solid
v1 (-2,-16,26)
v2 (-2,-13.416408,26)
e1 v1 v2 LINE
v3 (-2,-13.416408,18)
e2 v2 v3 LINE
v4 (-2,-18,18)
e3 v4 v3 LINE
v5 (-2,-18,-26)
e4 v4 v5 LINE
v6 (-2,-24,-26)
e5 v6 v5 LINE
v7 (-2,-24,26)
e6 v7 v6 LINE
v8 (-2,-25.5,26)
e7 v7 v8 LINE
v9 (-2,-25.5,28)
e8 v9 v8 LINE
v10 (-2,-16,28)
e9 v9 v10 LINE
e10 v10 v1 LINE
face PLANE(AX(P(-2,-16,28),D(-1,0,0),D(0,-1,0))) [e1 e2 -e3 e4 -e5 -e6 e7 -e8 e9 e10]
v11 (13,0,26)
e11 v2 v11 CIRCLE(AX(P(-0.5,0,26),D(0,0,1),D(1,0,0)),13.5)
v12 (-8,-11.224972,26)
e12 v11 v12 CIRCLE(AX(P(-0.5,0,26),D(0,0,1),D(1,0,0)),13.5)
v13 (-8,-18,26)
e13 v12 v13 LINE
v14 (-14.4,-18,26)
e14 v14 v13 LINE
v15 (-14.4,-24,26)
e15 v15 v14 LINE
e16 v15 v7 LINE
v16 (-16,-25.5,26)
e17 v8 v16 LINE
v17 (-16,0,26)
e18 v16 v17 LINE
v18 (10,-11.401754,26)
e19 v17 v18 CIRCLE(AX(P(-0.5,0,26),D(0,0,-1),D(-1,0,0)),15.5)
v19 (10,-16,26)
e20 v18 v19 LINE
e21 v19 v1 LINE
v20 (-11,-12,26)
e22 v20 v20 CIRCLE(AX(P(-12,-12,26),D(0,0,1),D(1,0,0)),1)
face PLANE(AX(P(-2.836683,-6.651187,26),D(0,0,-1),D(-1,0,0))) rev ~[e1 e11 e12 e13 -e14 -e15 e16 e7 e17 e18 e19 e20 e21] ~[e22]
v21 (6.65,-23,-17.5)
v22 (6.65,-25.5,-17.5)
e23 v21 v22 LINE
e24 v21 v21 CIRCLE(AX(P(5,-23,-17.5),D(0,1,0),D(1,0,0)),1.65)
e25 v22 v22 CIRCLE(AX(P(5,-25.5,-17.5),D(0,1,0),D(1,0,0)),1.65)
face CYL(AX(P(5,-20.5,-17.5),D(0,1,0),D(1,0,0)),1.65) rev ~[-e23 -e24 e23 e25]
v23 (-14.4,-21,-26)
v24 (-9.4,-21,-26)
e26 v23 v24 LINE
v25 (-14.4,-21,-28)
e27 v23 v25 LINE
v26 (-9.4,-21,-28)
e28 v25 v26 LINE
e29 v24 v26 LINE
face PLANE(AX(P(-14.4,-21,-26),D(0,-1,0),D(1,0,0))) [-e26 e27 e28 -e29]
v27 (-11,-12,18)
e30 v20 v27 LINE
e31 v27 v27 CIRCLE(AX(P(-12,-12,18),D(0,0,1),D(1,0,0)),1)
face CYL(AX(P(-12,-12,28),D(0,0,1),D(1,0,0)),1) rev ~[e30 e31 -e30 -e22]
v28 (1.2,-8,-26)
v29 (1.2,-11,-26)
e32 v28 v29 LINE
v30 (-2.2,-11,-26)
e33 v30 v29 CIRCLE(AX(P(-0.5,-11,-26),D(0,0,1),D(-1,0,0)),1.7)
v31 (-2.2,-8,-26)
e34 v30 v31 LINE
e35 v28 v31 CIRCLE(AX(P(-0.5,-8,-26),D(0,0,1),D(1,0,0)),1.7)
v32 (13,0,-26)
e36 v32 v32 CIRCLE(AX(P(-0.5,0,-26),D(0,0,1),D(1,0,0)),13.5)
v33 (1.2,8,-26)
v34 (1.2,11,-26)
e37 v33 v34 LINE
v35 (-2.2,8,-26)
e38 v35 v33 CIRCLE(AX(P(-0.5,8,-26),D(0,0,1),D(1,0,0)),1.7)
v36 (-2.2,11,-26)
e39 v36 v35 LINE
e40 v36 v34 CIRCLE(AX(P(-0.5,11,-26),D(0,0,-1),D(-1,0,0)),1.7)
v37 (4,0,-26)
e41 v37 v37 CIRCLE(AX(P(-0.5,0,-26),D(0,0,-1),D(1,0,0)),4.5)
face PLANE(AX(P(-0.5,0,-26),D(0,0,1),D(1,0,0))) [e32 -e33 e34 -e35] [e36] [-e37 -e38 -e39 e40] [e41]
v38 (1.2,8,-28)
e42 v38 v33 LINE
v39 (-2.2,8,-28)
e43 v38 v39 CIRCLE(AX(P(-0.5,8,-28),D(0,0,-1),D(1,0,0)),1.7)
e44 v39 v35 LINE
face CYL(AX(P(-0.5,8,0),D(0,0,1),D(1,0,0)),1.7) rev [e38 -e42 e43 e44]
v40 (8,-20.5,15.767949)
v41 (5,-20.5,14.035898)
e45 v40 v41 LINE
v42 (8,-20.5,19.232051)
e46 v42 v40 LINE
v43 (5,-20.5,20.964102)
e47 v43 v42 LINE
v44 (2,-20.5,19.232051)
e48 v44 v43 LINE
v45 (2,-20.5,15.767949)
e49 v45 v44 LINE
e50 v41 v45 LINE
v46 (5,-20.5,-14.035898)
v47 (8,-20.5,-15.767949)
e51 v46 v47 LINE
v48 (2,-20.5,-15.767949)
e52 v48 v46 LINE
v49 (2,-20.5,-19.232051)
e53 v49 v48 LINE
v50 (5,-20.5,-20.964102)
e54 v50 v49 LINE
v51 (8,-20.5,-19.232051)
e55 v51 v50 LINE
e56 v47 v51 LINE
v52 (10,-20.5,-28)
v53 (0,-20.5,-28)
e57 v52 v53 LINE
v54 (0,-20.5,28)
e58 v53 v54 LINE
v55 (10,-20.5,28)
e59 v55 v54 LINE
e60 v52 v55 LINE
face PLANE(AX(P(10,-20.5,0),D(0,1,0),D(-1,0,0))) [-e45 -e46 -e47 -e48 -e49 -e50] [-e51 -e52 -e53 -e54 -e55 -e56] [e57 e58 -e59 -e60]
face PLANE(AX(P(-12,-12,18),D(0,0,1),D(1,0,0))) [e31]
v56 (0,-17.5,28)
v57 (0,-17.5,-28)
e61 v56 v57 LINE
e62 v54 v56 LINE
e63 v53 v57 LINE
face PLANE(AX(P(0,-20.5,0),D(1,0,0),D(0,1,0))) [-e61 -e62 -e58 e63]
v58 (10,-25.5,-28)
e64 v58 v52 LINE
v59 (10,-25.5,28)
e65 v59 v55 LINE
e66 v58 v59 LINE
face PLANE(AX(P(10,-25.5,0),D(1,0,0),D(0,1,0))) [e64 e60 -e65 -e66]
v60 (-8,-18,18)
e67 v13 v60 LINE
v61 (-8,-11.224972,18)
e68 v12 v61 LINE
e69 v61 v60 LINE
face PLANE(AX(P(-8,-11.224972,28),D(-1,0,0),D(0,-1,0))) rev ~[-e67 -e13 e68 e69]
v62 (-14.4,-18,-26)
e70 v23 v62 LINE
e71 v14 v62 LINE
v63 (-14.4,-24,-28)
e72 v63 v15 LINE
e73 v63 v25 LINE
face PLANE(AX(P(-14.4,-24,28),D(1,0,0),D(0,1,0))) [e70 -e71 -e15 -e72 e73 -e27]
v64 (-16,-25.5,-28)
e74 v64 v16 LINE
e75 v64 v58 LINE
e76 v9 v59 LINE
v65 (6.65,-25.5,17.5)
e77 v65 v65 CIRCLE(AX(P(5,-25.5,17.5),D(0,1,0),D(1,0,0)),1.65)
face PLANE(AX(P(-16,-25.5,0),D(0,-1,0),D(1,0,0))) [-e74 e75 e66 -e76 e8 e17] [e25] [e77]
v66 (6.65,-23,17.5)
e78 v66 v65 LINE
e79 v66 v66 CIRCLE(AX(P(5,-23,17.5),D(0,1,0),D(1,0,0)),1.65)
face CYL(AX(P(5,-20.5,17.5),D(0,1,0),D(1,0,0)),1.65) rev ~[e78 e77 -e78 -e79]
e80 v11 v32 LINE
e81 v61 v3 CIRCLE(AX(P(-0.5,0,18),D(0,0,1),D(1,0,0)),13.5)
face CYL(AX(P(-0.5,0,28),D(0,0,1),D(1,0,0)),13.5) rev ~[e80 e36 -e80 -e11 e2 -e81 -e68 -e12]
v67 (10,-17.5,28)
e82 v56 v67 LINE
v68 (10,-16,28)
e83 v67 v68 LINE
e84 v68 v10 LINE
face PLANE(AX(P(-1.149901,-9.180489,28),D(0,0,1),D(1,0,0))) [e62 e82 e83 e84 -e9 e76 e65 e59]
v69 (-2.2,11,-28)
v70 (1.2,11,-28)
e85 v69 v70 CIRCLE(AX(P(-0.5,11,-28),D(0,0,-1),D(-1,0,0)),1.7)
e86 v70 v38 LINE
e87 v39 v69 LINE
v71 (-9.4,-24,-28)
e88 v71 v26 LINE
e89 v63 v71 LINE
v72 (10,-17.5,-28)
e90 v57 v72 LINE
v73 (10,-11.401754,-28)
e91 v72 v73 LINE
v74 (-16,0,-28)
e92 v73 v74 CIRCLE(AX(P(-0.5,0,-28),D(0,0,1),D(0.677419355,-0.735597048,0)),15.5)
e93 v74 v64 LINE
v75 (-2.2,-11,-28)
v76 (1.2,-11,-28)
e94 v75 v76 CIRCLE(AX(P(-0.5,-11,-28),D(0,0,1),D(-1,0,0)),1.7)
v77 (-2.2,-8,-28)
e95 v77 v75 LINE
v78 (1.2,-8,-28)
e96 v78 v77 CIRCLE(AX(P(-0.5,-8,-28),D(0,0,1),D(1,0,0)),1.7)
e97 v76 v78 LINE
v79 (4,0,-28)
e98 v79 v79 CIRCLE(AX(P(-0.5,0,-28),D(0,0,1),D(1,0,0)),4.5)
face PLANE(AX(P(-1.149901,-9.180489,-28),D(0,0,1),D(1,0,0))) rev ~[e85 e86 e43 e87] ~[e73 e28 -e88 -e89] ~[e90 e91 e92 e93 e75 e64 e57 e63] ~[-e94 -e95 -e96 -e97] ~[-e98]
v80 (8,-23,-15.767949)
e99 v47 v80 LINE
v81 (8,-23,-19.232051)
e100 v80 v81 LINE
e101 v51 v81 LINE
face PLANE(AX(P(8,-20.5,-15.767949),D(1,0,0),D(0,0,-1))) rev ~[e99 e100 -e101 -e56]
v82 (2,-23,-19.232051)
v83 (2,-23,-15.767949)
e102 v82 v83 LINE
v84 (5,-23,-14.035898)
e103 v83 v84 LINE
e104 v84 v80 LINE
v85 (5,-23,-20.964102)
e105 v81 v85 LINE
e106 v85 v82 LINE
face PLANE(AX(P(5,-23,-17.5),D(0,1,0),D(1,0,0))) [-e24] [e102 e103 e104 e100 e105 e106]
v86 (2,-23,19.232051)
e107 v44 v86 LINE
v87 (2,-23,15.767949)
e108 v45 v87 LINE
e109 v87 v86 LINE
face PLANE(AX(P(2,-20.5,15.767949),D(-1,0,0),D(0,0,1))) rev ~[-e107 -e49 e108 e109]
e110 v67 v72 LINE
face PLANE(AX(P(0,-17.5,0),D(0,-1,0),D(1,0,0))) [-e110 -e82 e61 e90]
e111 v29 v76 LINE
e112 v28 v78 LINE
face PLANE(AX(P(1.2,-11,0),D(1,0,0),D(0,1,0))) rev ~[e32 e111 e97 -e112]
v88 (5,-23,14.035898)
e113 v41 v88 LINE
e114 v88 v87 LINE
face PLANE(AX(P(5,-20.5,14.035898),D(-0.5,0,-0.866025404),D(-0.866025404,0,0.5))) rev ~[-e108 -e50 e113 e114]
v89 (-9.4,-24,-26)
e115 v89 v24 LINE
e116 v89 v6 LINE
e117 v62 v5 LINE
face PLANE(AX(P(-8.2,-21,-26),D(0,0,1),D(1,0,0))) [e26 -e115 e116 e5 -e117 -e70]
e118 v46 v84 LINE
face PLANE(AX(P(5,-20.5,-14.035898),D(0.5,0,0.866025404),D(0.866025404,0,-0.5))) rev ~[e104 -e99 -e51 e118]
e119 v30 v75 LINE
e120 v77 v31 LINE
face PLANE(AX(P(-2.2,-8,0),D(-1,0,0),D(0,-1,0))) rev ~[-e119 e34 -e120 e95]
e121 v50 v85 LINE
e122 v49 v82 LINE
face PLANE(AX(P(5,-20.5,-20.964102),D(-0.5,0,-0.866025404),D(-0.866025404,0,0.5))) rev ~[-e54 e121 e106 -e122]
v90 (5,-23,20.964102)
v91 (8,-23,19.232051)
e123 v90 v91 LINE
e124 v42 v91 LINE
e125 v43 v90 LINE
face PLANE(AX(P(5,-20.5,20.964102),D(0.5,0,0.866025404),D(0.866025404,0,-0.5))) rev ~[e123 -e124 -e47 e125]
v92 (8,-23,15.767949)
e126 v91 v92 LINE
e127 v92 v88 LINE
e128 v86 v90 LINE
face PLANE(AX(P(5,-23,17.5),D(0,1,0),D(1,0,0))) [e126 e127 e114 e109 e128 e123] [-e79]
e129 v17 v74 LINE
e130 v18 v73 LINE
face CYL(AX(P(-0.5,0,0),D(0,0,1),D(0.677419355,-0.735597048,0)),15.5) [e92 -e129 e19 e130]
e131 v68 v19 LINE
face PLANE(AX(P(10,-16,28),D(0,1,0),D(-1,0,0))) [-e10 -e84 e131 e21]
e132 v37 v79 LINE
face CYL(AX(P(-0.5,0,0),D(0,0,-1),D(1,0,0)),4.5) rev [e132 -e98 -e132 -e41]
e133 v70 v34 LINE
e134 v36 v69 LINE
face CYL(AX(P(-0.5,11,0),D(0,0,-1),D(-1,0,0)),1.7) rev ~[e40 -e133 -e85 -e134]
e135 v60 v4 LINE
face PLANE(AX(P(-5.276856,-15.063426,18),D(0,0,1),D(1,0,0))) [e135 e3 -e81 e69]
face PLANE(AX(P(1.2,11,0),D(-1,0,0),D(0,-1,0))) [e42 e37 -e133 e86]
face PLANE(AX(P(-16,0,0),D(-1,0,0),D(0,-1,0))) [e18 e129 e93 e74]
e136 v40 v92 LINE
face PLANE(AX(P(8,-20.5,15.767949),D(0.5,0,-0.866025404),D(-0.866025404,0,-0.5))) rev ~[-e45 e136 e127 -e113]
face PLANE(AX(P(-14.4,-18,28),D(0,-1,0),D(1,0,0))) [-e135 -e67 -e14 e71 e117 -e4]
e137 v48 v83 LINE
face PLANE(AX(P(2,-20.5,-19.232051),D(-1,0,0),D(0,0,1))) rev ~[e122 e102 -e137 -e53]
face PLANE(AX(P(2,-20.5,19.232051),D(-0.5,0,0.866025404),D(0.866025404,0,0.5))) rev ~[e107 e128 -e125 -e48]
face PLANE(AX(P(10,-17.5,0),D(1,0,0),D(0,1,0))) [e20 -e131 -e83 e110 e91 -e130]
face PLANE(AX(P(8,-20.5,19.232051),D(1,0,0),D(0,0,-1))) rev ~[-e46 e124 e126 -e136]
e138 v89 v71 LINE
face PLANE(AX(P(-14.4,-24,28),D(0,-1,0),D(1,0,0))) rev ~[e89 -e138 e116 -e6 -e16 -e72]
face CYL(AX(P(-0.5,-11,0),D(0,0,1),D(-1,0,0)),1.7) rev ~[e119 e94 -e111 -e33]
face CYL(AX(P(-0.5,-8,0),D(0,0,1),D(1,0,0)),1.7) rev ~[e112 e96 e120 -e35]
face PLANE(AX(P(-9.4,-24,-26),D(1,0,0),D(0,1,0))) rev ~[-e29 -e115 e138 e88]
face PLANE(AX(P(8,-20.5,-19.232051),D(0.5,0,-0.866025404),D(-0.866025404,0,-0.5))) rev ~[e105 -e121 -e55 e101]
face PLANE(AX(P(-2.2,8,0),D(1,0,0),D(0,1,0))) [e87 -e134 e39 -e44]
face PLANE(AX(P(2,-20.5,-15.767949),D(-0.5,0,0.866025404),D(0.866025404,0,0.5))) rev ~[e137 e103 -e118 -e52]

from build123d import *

# Parameters (mm, degrees)
ESBO_O1_R                = 4.5
RESSALTO_EXTRUS_O1_DEPTH = 28
CORTE_EXTRUS_O5_START    = 28
ESBO_O1_3_R              = 13.5
ESBO_O1_3_W              = 12.4
ESBO_O1_3_H              = 6
CORTE_EXTRUS_O5_DEPTH    = 54
ESBO_O3_R                = 1
CORTE_EXTRUS_O3_DEPTH    = 10
CORTE_EXTRUS_O4_DEPTH    = 2
ESBO_O5_R                = 1.65
CORTE_EXTRUS_O6_DEPTH    = 2.5
ESBO_O5_2_R              = 1.65
CORTE_EXTRUS_O7_DEPTH    = 6
ESBO_O6_W                = 5
ESBO_O6_H                = 3
CORTE_EXTRUS_O8_DEPTH    = 3


with BuildPart() as part:
    # Esboço1 → Ressalto-extrusão1 (new body, symmetric)
    with BuildSketch(Plane.XY):
        with BuildLine():
            Line((-16, 0), (-16, -25.5))
            Line((-16, -25.5), (10, -25.5))
            Line((10, -25.5), (10, -20.5))
            Line((10, -20.5), (0, -20.5))
            Line((0, -20.5), (0, -17.5))
            Line((0, -17.5), (10, -17.5))
            Line((10, -17.5), (10, -11.401754251))
            ThreePointArc((10, -11.401754251), (5.724949799, 14.195069567), (-16, 0))
        make_face()
        with Locations((-0.5, 0)):
            Circle(ESBO_O1_R, mode=Mode.SUBTRACT)
        with BuildLine():
            Line((-2.2, 8), (-2.2, 11))
            ThreePointArc((-2.2, 11), (-0.5, 12.7), (1.2, 11))
            Line((1.2, 11), (1.2, 8))
            ThreePointArc((1.2, 8), (-0.5, 6.3), (-2.2, 8))
        make_face(mode=Mode.SUBTRACT)
        with BuildLine():
            Line((-2.2, -8), (-2.2, -11))
            ThreePointArc((-2.2, -11), (-0.5, -12.7), (1.2, -11))
            Line((1.2, -11), (1.2, -8))
            ThreePointArc((1.2, -8), (-0.5, -6.3), (-2.2, -8))
        make_face(mode=Mode.SUBTRACT)
    extrude(amount=RESSALTO_EXTRUS_O1_DEPTH, both=True)

    # Esboço1<3> → Corte-extrusão5 (cut)
    with BuildSketch(Plane.XY.offset(CORTE_EXTRUS_O5_START)):
        with Locations((-0.5, 0)):
            Circle(ESBO_O1_3_R)
        with Locations((-8.2, -21)):
            Rectangle(ESBO_O1_3_W, ESBO_O1_3_H)
    extrude(amount=-CORTE_EXTRUS_O5_DEPTH, mode=Mode.SUBTRACT)

    # Esboço3 → Corte-extrusão3 (cut)
    with BuildSketch(Plane.XY.offset(28)):
        with Locations((-12, -12)):
            Circle(ESBO_O3_R)
        Polygon((-8, -11.22497216), (-8, -18), (-2, -18), (-2, -13.416407865), align=None)
    extrude(amount=-CORTE_EXTRUS_O3_DEPTH, mode=Mode.SUBTRACT)

    # Esboço4 → Corte-extrusão4 (cut)
    with BuildSketch(Plane.XY.offset(28)):
        with BuildLine():
            Line((-2, -25.5), (-16, -25.5))
            Line((-16, -25.5), (-16, 0))
            ThreePointArc((-16, 0), (5.724949799, 14.195069567), (10, -11.401754251))
            Line((10, -11.401754251), (10, -16))
            Line((10, -16), (-2, -16))
            Line((-2, -16), (-2, -25.5))
        make_face()
    extrude(amount=-CORTE_EXTRUS_O4_DEPTH, mode=Mode.SUBTRACT)

    # Esboço5 → Corte-extrusão6 (cut)
    with BuildSketch(Plane(origin=(0, -20.5, 0), x_dir=(1, 0, 0), z_dir=(0, 1, 0))):
        Polygon((5, 14.035898385), (8, 15.767949192), (8, 19.232050808), (5, 20.964101615), (2, 19.232050808), (2, 15.767949192), align=None)
        with Locations((5, 17.5)):
            Circle(ESBO_O5_R, mode=Mode.SUBTRACT)
        Polygon((5, -20.964101615), (8, -19.232050808), (8, -15.767949192), (5, -14.035898385), (2, -15.767949192), (2, -19.232050808), align=None)
        with Locations((5, -17.5)):
            Circle(ESBO_O5_R, mode=Mode.SUBTRACT)
    extrude(amount=-CORTE_EXTRUS_O6_DEPTH, mode=Mode.SUBTRACT)

    # Esboço5<2> → Corte-extrusão7 (cut, through all)
    with BuildSketch(Plane(origin=(0, -20.5, 0), x_dir=(1, 0, 0), z_dir=(0, 1, 0))):
        with Locations((5, -17.5)):
            Circle(ESBO_O5_2_R)
        with Locations((5, 17.5)):
            Circle(ESBO_O5_2_R)
    extrude(amount=-CORTE_EXTRUS_O7_DEPTH, mode=Mode.SUBTRACT)

    # Esboço6 → Corte-extrusão8 (cut, through all)
    with BuildSketch(Plane.XY.offset(-26)):
        with Locations((-11.9, -22.5)):
            Rectangle(ESBO_O6_W, ESBO_O6_H)
    extrude(amount=-CORTE_EXTRUS_O8_DEPTH, mode=Mode.SUBTRACT)


solid = part.part
